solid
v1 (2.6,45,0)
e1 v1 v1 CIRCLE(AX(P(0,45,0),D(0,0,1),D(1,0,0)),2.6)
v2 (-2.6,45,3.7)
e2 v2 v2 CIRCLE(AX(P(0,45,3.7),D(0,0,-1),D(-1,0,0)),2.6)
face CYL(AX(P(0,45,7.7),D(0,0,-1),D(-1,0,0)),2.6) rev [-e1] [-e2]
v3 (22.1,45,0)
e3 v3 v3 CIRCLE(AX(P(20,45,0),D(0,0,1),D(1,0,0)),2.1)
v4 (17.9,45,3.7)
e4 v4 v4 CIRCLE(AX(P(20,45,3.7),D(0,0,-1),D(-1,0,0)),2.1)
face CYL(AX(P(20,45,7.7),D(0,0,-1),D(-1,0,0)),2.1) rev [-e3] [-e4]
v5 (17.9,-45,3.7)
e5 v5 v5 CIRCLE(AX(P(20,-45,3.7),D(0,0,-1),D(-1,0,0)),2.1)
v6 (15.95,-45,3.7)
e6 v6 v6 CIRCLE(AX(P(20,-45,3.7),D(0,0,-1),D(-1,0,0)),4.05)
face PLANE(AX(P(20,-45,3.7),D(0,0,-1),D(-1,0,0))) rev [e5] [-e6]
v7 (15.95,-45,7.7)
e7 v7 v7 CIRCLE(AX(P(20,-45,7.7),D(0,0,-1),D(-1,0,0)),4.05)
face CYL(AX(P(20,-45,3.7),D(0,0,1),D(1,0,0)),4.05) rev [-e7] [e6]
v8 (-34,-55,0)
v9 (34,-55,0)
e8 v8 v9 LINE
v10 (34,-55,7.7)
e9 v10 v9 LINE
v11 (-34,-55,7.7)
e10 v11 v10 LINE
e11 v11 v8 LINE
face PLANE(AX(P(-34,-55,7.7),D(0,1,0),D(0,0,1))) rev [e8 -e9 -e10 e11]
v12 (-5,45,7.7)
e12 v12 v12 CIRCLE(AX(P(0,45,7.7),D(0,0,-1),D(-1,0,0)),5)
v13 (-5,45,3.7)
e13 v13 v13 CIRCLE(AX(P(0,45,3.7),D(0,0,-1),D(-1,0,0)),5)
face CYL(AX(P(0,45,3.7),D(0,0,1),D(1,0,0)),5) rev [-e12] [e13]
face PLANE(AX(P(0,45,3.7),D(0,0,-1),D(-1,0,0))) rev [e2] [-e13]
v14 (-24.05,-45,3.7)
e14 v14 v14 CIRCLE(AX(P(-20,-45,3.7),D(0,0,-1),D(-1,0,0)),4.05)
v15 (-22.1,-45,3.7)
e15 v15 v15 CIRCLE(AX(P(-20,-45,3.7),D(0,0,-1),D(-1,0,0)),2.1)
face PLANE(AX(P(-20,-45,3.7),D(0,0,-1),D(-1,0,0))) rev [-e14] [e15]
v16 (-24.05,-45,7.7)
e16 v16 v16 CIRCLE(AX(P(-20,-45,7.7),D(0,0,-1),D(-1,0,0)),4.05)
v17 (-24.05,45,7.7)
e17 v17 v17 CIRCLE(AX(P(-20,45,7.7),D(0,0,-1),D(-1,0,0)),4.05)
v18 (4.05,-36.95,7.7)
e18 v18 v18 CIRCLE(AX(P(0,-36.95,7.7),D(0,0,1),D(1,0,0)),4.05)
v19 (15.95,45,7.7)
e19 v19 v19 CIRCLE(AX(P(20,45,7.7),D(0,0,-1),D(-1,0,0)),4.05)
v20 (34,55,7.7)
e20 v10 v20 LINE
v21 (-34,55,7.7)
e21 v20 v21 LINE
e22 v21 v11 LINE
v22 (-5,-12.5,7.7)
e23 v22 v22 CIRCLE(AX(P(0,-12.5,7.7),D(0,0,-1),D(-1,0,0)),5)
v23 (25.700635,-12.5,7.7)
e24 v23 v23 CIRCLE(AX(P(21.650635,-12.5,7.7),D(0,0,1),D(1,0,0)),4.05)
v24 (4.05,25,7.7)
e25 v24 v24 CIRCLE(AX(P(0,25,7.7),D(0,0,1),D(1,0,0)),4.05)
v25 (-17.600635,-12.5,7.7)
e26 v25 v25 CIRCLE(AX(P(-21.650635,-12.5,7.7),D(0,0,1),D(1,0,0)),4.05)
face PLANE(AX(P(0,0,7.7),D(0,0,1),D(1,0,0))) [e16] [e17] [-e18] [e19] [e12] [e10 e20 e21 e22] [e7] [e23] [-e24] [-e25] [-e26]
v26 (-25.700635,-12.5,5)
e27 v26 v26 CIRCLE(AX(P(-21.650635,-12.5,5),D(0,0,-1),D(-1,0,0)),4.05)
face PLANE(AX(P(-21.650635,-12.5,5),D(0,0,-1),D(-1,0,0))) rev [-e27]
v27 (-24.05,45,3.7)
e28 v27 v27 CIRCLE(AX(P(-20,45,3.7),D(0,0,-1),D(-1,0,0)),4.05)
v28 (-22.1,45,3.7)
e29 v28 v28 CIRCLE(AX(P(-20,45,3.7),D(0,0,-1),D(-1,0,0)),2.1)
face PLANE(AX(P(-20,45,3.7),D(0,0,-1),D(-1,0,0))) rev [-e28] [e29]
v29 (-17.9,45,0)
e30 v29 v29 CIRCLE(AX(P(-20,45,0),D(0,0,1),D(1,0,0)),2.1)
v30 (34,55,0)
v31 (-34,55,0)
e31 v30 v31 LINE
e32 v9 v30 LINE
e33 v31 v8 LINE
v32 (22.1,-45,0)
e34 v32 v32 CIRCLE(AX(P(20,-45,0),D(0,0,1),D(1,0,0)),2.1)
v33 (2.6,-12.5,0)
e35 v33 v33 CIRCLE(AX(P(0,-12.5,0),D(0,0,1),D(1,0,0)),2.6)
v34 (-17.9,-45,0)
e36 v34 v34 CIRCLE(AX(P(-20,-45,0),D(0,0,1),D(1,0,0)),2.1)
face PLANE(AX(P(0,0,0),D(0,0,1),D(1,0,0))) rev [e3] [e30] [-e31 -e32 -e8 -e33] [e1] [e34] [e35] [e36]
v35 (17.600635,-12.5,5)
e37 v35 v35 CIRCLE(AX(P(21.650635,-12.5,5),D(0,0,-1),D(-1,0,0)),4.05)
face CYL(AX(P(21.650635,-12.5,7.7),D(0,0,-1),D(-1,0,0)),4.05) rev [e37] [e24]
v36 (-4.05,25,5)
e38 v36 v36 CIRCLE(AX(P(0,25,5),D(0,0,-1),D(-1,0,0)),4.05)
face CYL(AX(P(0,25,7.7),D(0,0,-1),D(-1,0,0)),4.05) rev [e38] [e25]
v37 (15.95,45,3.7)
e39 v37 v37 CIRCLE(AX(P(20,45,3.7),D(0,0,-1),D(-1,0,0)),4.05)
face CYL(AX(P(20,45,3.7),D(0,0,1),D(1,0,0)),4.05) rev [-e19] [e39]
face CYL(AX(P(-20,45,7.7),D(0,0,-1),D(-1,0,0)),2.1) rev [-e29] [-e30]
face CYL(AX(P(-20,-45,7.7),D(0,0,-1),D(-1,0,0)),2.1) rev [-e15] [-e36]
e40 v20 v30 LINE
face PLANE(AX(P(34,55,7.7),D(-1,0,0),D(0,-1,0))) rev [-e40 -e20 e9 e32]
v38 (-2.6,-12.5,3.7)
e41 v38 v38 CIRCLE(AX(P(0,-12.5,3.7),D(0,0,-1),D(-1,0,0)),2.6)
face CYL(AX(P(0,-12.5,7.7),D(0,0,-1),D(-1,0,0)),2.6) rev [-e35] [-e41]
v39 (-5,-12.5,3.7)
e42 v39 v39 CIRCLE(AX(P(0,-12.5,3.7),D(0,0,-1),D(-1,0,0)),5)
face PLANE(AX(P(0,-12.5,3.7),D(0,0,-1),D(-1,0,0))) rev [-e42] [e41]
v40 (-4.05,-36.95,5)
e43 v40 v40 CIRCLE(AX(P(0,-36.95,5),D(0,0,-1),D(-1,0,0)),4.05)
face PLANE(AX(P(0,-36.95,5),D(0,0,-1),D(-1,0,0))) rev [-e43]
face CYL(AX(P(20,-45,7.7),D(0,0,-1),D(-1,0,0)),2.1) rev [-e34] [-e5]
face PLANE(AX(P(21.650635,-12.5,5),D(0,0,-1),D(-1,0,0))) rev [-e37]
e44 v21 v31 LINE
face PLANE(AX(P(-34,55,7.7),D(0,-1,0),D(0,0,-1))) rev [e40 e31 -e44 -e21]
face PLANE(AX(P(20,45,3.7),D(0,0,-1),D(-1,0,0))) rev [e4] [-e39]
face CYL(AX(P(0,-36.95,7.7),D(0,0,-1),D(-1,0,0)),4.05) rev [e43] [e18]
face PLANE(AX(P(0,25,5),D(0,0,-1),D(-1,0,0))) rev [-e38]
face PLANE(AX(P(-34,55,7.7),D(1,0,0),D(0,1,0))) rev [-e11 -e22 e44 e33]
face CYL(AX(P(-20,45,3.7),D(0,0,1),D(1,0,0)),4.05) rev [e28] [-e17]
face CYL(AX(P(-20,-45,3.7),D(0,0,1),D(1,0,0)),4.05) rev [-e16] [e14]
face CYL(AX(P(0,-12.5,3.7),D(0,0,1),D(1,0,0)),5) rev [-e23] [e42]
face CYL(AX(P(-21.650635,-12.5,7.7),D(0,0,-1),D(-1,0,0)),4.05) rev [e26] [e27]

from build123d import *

# Parameters (mm, degrees)
SKETCH1_W           = 68
SKETCH1_H           = 110
SKETCH1_R           = 2.1
SKETCH1_R_2         = 4.05
SKETCH1_R_3         = 2.6
BOSS_EXTRUDE1_DEPTH = 7.7
SKETCH2_R           = 6.304633146
SKETCH2_R_2         = 7.334333348
SKETCH2_R_3         = 8.114040952
SKETCH2_R_4         = 11.073656437
BOSS_EXTRUDE2_DEPTH = 5
SKETCH3_R           = 4.05
SKETCH3_R_2         = 5
CUT_EXTRUDE1_DEPTH  = 4


with BuildPart() as part:
    # Sketch1 → Boss-Extrude1 (new body)
    with BuildSketch(Plane.XY):
        Rectangle(SKETCH1_W, SKETCH1_H)
        with Locations((20, 45)):
            Circle(SKETCH1_R, mode=Mode.SUBTRACT)
        with Locations((-20, 45)):
            Circle(SKETCH1_R, mode=Mode.SUBTRACT)
        with Locations((20, -45)):
            Circle(SKETCH1_R, mode=Mode.SUBTRACT)
        with Locations((-20, -45)):
            Circle(SKETCH1_R, mode=Mode.SUBTRACT)
        with Locations((21.650635095, -12.5)):
            Circle(SKETCH1_R_2, mode=Mode.SUBTRACT)
        with Locations((0, 25)):
            Circle(SKETCH1_R_2, mode=Mode.SUBTRACT)
        with Locations((-21.650635095, -12.5)):
            Circle(SKETCH1_R_2, mode=Mode.SUBTRACT)
        with Locations((0, -36.95)):
            Circle(SKETCH1_R_2, mode=Mode.SUBTRACT)
        with Locations((0, 45)):
            Circle(SKETCH1_R_3, mode=Mode.SUBTRACT)
        with Locations((0, -12.5)):
            Circle(SKETCH1_R_3, mode=Mode.SUBTRACT)
    extrude(amount=BOSS_EXTRUDE1_DEPTH)

    # Sketch2 → Boss-Extrude2 (add)
    with BuildSketch(Plane(origin=(0, 0, 0), x_dir=(-1, 0, 0), z_dir=(0, 0, -1))):
        with Locations((-21.650635095, -12.5)):
            Circle(SKETCH2_R)
        with Locations((0, 25)):
            Circle(SKETCH2_R_2)
        with Locations((21.650635095, -12.5)):
            Circle(SKETCH2_R_3)
        with Locations((0, -36.95)):
            Circle(SKETCH2_R_4)
    extrude(amount=-BOSS_EXTRUDE2_DEPTH)

    # Sketch3 → Cut-Extrude1 (cut)
    with BuildSketch(Plane(origin=(0, 0, 7.7), x_dir=(-1, 0, 0), z_dir=(0, 0, -1))):
        with Locations((-20, 45)):
            Circle(SKETCH3_R)
        with Locations((20, 45)):
            Circle(SKETCH3_R)
        with Locations((-20, -45)):
            Circle(SKETCH3_R)
        with Locations((20, -45)):
            Circle(SKETCH3_R)
        with Locations((0, 45)):
            Circle(SKETCH3_R_2)
        with Locations((0, -12.5)):
            Circle(SKETCH3_R_2)
    extrude(amount=CUT_EXTRUDE1_DEPTH, mode=Mode.SUBTRACT)


solid = part.part
